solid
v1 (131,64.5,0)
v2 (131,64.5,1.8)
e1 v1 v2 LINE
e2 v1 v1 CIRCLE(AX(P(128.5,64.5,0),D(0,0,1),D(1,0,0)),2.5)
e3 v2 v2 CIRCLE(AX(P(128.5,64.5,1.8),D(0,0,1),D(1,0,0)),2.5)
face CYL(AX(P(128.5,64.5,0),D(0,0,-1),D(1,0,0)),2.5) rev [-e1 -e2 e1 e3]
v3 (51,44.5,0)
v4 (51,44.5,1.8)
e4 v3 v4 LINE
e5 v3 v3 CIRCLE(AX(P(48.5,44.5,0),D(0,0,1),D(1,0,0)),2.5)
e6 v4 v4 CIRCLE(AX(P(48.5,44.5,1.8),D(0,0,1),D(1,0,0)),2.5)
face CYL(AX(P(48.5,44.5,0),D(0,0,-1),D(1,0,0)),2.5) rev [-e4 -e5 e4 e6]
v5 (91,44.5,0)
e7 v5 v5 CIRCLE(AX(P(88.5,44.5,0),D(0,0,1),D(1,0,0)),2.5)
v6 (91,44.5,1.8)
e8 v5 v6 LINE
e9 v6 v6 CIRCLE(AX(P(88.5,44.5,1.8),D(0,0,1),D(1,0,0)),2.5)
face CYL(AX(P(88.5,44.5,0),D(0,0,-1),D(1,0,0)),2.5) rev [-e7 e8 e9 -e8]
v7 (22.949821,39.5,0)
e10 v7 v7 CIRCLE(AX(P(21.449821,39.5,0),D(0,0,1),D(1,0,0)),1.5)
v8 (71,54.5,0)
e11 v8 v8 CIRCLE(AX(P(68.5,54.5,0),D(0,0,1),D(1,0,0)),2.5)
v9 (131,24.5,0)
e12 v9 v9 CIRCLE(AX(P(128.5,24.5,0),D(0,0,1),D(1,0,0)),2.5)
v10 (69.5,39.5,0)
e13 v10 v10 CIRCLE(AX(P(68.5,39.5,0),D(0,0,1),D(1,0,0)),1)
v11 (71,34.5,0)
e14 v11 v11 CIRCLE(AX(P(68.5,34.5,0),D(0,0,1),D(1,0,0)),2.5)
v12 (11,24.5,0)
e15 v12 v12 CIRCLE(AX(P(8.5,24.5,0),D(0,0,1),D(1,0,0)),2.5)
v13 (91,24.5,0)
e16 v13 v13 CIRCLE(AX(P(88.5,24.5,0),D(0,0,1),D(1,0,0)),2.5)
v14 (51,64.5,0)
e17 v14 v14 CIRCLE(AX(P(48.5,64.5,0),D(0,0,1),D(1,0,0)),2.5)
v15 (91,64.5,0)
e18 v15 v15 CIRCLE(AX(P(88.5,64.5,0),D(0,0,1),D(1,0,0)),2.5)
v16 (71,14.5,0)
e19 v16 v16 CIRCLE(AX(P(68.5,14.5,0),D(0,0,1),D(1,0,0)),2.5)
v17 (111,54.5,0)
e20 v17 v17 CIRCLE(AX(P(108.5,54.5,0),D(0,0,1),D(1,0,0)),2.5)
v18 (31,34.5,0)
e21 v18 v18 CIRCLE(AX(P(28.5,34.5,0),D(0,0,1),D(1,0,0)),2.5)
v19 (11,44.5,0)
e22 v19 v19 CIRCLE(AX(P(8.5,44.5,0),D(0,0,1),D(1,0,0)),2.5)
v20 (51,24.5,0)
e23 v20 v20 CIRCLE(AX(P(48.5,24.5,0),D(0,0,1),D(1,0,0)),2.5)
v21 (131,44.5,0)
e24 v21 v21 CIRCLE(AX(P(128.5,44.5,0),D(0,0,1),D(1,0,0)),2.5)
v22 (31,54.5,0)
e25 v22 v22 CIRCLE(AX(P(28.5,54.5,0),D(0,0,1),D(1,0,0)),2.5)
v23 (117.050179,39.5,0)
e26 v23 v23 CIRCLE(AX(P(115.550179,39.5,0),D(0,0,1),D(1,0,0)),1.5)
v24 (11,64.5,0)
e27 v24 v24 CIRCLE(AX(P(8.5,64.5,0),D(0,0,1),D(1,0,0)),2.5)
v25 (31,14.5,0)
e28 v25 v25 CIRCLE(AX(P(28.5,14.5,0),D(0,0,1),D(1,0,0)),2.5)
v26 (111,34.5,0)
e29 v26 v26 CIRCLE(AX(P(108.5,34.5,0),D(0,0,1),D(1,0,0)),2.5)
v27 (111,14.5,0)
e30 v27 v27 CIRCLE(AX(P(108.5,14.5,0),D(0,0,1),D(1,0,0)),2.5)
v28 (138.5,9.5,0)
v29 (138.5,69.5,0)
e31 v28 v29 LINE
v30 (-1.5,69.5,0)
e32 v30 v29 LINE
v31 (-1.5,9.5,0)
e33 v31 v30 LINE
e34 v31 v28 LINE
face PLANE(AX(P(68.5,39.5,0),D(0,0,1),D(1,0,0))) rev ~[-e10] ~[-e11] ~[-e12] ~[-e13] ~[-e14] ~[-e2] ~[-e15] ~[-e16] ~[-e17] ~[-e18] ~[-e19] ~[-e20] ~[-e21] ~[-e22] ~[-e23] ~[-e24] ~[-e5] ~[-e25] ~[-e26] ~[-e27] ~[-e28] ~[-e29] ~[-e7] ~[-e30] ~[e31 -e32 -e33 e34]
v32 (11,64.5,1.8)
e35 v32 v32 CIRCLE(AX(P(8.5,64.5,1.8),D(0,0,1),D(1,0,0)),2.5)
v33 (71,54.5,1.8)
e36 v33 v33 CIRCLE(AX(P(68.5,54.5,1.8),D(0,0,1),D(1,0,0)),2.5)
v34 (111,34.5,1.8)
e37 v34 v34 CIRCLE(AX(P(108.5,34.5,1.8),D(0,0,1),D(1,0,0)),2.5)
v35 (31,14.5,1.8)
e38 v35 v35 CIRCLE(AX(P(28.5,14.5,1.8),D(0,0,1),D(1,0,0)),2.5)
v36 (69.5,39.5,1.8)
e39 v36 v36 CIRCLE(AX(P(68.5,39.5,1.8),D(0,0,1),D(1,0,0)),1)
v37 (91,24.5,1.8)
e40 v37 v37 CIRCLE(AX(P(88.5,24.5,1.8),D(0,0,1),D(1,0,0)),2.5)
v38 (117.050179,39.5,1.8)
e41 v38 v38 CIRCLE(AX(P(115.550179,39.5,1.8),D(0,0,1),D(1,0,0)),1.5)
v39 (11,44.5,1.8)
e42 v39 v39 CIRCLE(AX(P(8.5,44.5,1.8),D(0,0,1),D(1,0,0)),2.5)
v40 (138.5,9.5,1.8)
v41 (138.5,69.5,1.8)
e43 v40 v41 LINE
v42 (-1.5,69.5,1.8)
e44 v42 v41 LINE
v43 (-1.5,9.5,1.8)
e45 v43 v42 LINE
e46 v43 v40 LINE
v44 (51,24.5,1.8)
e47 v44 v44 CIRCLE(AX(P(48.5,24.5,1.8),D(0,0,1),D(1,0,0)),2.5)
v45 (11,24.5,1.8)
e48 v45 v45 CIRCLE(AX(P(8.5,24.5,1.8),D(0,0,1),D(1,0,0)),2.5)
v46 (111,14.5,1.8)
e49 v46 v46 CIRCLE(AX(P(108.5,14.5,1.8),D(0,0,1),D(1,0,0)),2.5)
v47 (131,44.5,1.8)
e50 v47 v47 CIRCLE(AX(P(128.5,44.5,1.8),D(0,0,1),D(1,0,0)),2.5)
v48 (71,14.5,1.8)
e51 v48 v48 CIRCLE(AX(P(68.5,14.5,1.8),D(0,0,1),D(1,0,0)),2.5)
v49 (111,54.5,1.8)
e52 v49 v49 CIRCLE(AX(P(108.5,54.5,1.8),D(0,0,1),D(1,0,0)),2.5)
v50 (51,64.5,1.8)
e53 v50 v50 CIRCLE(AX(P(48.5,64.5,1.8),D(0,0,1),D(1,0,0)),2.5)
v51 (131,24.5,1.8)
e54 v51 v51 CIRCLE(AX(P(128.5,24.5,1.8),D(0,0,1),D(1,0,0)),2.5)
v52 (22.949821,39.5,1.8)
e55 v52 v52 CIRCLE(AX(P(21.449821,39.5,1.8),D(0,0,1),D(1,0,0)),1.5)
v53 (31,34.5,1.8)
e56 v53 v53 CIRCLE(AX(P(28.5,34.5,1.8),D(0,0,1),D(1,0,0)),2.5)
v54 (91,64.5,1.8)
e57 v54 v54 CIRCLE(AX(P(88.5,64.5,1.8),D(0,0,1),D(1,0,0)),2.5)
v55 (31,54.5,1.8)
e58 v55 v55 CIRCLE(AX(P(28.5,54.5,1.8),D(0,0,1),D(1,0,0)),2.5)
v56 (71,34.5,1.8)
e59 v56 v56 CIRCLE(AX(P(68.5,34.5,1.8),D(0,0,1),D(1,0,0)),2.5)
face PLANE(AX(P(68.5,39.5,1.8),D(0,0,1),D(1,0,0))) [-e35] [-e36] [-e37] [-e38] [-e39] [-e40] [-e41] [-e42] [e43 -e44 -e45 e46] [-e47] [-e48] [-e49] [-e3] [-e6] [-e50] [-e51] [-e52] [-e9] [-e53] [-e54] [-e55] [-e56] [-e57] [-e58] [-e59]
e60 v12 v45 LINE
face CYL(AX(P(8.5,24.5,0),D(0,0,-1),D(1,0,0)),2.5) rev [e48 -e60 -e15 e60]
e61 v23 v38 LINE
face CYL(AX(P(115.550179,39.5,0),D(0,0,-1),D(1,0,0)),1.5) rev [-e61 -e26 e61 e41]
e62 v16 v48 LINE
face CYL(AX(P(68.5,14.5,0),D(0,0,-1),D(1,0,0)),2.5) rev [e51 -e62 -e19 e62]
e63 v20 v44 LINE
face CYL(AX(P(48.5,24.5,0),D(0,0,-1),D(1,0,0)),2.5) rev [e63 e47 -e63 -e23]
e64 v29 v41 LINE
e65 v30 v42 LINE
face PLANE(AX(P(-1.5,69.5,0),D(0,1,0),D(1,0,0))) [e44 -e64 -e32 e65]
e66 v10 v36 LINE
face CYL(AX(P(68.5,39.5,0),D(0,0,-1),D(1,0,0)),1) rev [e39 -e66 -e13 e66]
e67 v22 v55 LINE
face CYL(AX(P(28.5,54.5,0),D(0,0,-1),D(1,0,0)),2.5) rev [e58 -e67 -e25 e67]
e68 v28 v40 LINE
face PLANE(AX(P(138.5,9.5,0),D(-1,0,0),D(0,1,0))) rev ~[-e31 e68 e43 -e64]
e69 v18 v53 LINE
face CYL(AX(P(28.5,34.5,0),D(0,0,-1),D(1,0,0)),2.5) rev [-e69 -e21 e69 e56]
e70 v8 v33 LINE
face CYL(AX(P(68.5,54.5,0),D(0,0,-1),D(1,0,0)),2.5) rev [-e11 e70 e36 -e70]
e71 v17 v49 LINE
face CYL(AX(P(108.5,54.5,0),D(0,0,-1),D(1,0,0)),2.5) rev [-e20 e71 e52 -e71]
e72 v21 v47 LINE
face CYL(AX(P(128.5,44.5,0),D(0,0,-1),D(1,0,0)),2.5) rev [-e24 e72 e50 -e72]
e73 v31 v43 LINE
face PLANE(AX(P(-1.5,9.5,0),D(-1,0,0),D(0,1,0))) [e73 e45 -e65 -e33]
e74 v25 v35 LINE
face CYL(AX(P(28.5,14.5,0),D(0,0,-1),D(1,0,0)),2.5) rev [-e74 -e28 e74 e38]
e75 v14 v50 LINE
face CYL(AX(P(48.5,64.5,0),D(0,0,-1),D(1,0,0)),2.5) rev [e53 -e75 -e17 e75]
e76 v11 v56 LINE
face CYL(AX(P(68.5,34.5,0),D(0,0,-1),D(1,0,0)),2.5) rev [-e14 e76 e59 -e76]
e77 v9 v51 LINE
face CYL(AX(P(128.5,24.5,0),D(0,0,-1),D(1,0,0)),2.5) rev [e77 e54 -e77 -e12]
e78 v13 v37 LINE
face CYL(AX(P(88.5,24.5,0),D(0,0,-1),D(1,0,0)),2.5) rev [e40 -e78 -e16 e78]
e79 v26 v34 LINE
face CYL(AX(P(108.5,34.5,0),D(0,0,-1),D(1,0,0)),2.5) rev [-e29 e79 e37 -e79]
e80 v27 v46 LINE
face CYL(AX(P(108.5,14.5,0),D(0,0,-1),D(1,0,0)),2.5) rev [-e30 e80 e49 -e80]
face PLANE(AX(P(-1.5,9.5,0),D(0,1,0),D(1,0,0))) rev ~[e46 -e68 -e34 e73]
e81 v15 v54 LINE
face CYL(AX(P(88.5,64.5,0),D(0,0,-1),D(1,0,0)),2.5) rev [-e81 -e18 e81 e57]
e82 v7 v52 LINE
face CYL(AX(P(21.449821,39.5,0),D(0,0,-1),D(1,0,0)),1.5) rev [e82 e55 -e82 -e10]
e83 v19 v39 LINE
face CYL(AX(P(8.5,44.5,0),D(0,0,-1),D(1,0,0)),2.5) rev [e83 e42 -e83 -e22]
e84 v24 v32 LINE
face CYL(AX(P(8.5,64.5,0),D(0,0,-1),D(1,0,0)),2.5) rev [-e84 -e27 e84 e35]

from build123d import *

# Parameters (mm, degrees)
SKETCH_W   = 140
SKETCH_H   = 60
SKETCH_R   = 2.5
SKETCH_R_2 = 1
SKETCH_R_3 = 1.5
PAD_DEPTH  = 1.8


with BuildPart() as part:
    # Sketch → Pad (new body)
    with BuildSketch(Plane.XY):
        with Locations((68.5, 39.5)):
            Rectangle(SKETCH_W, SKETCH_H)
        with Locations((28.5, 14.5)):
            Circle(SKETCH_R, mode=Mode.SUBTRACT)
        with Locations((108.5, 14.5)):
            Circle(SKETCH_R, mode=Mode.SUBTRACT)
        with Locations((8.5, 24.5)):
            Circle(SKETCH_R, mode=Mode.SUBTRACT)
        with Locations((48.5, 24.5)):
            Circle(SKETCH_R, mode=Mode.SUBTRACT)
        with Locations((88.5, 24.5)):
            Circle(SKETCH_R, mode=Mode.SUBTRACT)
        with Locations((8.5, 44.5)):
            Circle(SKETCH_R, mode=Mode.SUBTRACT)
        with Locations((48.5, 44.5)):
            Circle(SKETCH_R, mode=Mode.SUBTRACT)
        with Locations((88.5, 44.5)):
            Circle(SKETCH_R, mode=Mode.SUBTRACT)
        with Locations((28.5, 54.5)):
            Circle(SKETCH_R, mode=Mode.SUBTRACT)
        with Locations((68.5, 54.5)):
            Circle(SKETCH_R, mode=Mode.SUBTRACT)
        with Locations((108.5, 54.5)):
            Circle(SKETCH_R, mode=Mode.SUBTRACT)
        with Locations((88.5, 64.5)):
            Circle(SKETCH_R, mode=Mode.SUBTRACT)
        with Locations((48.5, 64.5)):
            Circle(SKETCH_R, mode=Mode.SUBTRACT)
        with Locations((8.5, 64.5)):
            Circle(SKETCH_R, mode=Mode.SUBTRACT)
        with Locations((28.5, 34.5)):
            Circle(SKETCH_R, mode=Mode.SUBTRACT)
        with Locations((68.5, 34.5)):
            Circle(SKETCH_R, mode=Mode.SUBTRACT)
        with Locations((108.5, 34.5)):
            Circle(SKETCH_R, mode=Mode.SUBTRACT)
        with Locations((68.5, 14.5)):
            Circle(SKETCH_R, mode=Mode.SUBTRACT)
        with Locations((128.5, 24.5)):
            Circle(SKETCH_R, mode=Mode.SUBTRACT)
        with Locations((128.5, 44.5)):
            Circle(SKETCH_R, mode=Mode.SUBTRACT)
        with Locations((128.5, 64.5)):
            Circle(SKETCH_R, mode=Mode.SUBTRACT)
        with Locations((68.5, 39.5)):
            Circle(SKETCH_R_2, mode=Mode.SUBTRACT)
        with Locations((115.550179, 39.5)):
            Circle(SKETCH_R_3, mode=Mode.SUBTRACT)
        with Locations((21.449821, 39.5)):
            Circle(SKETCH_R_3, mode=Mode.SUBTRACT)
    extrude(amount=PAD_DEPTH)


solid = part.part
